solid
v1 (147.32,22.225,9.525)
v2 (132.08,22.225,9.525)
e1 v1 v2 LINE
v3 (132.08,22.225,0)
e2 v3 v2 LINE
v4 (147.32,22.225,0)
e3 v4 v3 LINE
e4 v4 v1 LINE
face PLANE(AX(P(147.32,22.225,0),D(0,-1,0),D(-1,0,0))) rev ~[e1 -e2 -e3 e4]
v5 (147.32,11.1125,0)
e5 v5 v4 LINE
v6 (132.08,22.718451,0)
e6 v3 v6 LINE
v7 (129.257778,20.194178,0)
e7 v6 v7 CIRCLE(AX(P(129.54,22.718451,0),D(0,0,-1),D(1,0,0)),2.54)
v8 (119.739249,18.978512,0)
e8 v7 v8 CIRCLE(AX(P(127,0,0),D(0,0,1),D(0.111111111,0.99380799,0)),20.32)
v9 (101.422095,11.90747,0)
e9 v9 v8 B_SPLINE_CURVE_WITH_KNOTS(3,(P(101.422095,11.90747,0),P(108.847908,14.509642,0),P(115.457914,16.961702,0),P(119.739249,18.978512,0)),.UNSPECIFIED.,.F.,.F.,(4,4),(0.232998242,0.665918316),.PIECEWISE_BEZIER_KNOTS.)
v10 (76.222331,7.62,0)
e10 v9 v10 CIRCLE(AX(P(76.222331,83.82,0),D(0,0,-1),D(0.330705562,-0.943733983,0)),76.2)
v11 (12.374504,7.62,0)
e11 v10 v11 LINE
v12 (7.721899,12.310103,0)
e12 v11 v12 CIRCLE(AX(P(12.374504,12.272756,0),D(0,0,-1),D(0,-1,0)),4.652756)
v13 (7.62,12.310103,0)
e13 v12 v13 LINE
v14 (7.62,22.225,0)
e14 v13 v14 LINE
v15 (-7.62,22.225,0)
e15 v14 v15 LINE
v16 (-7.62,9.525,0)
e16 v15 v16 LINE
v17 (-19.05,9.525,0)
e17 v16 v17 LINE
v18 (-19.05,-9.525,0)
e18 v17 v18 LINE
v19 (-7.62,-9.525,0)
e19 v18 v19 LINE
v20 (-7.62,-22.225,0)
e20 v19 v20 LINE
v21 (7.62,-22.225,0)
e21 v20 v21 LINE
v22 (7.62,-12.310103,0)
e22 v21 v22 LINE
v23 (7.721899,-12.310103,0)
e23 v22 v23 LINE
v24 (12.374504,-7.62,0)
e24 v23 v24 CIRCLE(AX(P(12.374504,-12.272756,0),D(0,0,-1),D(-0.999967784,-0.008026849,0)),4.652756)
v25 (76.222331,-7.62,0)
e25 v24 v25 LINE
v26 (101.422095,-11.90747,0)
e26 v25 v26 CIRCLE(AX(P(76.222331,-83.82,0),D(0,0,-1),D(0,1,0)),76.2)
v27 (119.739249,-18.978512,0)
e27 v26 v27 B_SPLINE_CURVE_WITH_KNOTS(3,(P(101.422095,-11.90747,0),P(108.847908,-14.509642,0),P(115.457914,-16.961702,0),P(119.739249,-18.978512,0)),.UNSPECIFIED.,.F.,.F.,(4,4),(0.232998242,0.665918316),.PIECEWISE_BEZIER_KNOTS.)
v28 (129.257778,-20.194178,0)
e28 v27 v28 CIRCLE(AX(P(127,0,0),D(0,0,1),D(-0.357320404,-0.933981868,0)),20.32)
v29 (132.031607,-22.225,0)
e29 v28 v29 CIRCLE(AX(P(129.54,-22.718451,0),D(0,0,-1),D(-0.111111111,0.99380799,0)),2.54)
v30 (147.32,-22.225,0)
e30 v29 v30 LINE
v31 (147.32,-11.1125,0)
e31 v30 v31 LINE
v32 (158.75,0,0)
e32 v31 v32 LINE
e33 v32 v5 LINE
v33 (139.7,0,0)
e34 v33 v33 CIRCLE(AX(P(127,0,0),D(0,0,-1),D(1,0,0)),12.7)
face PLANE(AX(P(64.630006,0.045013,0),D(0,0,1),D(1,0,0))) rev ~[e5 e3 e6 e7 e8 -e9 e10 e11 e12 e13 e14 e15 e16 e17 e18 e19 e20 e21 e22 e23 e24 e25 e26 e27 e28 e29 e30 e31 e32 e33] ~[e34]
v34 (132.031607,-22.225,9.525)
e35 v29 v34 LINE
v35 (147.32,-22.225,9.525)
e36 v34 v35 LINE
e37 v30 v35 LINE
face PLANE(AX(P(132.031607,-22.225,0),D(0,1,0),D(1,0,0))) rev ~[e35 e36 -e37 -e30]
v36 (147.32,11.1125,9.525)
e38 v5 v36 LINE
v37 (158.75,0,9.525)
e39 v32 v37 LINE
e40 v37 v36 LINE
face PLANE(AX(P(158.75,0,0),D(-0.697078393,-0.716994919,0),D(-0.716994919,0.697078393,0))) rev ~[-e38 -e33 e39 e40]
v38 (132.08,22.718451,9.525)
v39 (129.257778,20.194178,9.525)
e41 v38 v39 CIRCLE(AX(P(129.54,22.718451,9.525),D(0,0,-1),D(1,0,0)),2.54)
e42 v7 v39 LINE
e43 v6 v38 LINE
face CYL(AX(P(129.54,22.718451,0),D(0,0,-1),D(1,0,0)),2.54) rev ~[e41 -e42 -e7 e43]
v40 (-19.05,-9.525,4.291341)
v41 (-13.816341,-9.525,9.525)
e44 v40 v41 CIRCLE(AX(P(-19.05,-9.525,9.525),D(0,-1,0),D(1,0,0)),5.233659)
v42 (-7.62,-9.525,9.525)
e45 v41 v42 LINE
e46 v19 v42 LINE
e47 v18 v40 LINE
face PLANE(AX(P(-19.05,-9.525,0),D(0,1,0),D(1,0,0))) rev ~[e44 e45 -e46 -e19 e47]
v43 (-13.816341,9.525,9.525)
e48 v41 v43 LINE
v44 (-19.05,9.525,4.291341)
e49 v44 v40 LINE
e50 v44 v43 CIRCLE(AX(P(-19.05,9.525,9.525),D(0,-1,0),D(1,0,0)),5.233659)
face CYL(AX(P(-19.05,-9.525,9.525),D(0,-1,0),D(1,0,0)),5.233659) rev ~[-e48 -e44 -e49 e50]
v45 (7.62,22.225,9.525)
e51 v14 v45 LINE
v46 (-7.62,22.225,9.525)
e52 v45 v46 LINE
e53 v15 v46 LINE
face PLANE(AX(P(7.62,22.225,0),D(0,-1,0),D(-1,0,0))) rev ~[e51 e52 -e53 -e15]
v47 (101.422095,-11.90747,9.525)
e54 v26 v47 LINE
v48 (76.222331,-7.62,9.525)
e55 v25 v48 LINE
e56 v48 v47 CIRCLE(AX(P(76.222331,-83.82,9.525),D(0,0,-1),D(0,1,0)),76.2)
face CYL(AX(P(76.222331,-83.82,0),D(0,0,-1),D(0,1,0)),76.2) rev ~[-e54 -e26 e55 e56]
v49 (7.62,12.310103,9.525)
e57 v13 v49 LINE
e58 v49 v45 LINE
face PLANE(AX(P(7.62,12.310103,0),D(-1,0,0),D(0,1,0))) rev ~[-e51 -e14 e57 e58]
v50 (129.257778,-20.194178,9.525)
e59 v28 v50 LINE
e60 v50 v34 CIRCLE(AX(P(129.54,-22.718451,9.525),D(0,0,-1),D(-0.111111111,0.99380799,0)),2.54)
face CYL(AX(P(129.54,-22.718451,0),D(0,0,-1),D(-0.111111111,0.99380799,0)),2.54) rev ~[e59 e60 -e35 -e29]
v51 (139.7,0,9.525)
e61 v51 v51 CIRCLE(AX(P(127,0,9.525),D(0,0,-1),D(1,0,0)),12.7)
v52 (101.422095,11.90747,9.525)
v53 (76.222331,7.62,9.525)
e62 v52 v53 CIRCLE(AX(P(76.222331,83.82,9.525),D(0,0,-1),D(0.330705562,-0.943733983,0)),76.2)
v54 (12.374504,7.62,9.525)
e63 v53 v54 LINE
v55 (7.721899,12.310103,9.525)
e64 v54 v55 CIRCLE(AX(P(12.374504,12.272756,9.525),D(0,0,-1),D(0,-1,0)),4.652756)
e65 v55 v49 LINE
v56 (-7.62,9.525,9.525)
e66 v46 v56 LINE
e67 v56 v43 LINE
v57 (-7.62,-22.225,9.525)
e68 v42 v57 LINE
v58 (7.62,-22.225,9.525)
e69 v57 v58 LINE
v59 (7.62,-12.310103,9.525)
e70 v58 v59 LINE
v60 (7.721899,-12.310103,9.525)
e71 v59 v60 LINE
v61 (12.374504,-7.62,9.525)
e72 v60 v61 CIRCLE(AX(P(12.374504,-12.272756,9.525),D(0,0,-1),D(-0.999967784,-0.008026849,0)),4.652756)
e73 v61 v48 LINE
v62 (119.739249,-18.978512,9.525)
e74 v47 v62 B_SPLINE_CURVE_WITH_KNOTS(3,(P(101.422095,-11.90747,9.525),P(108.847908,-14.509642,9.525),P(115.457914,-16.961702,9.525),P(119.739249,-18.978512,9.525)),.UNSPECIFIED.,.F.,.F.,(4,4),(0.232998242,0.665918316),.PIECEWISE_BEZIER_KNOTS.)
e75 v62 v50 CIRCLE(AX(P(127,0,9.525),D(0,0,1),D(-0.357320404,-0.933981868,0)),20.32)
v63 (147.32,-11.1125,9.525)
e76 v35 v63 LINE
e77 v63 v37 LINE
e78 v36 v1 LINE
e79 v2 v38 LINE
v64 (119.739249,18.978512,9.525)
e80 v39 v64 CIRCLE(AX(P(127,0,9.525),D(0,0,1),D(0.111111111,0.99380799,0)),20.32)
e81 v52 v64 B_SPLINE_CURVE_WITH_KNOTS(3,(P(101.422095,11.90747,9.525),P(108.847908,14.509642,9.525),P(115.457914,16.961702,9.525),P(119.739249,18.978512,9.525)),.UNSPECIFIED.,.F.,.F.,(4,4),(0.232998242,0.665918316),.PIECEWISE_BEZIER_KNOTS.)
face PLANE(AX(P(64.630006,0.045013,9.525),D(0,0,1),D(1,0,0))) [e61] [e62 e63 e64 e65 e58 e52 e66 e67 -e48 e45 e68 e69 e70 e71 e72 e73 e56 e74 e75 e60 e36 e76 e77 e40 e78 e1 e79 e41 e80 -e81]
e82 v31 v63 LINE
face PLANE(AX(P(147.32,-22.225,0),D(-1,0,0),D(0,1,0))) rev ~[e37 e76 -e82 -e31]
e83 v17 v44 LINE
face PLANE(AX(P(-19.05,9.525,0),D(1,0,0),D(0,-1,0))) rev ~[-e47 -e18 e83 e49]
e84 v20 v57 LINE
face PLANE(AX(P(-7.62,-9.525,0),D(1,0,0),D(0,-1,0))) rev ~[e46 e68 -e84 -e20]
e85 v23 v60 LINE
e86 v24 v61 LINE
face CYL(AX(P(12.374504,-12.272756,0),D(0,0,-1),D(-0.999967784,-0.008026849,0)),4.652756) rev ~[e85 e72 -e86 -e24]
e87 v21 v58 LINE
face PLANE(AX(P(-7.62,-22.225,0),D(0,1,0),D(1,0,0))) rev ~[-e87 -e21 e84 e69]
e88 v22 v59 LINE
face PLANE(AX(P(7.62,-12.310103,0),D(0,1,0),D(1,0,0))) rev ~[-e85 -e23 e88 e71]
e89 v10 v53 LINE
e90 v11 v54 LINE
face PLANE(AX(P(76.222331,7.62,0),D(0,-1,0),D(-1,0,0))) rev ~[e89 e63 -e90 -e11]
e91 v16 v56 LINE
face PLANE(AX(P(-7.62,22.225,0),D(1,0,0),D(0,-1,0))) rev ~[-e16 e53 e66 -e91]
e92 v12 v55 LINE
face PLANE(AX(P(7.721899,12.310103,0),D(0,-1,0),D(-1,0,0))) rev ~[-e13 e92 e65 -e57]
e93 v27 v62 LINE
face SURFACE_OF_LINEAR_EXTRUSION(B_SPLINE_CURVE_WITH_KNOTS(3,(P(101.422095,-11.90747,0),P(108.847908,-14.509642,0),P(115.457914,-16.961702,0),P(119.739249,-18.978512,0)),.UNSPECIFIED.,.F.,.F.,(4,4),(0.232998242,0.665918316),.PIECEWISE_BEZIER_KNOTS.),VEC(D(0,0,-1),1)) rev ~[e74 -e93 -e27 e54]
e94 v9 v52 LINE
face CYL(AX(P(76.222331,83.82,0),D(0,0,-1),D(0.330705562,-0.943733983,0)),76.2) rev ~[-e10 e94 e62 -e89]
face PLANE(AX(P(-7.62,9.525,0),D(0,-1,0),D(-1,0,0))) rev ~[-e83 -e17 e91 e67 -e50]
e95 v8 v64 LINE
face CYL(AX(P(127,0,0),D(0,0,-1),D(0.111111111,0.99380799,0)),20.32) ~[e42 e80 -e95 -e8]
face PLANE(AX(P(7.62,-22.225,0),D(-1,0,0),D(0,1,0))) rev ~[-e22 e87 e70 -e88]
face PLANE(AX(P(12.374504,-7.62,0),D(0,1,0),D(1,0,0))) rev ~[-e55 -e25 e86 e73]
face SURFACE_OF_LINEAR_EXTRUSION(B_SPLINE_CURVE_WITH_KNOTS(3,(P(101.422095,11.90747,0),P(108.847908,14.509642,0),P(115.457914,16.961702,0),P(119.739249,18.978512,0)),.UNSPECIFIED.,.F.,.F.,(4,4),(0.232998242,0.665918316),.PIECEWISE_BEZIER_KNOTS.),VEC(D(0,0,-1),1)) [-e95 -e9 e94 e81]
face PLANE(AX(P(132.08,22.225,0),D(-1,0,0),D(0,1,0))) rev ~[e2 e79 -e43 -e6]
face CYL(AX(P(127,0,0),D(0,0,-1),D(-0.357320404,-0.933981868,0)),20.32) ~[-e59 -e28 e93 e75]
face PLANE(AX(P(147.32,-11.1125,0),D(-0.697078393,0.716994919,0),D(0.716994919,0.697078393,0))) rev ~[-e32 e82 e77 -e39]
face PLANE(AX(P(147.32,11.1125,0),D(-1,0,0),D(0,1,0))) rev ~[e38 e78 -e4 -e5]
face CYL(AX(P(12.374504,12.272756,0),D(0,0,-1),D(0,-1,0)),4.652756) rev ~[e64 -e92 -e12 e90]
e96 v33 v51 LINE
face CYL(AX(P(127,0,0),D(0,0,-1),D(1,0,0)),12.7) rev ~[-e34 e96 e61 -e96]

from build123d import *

# Parameters (mm, degrees)
F1_DEPTH = 9.525
F2_R     = 5.2336589489
F3_DEPTH = 25.4


with BuildPart() as f1:
    # F0 (on Top) → F1 (new body)
    with BuildSketch(Plane.XY):
        with BuildLine():
            Line((7.7218987456, 12.310102582), (7.62, 12.310102582))
            Line((7.62, 12.310102582), (7.62, 22.225))
            Line((7.62, 22.225), (-7.62, 22.225))
            Line((-7.62, 22.225), (-7.62, 9.525))
            Line((-7.62, 9.525), (-19.05, 9.525))
            Line((-19.05, 9.525), (-19.05, 0))
            Line((-19.05, 0), (-19.05, -9.525))
            Line((-19.05, -9.525), (-7.62, -9.525))
            Line((-7.62, -9.525), (-7.62, -22.225))
            Line((-7.62, -22.225), (7.62, -22.225))
            Line((7.62, -22.225), (7.62, -12.310102582))
            Line((7.62, -12.310102582), (7.7218987456, -12.310102582))
            ThreePointArc((7.7218987456, -12.310102582), (9.0713316669, -8.995991319), (12.3745044693, -7.62))
            Line((12.3745044693, -7.62), (76.2223307455, -7.62))
            ThreePointArc((76.2223307455, -7.62), (89.0032784798, -8.6995142786), (101.4220945716, -11.907470472))
            add(Edge.make_bspline(
                [(101.4220945716, -11.907470472), (108.8479078103, -14.5096420416), (115.4579135782, -16.9617020129), (119.7392494006, -18.9785115521)],
                knots=[0.2329982419, 0.2329982419, 0.2329982419, 0.2329982419, 0.665918316, 0.665918316, 0.665918316, 0.665918316], degree=3))
            ThreePointArc((119.7392494006, -18.9785115521), (124.4257242361, -20.1562770444), (129.2577777778, -20.1941783568))
            ThreePointArc((129.2577777778, -20.1941783568), (131.0404681386, -20.6690128346), (132.0316072031, -22.225))
            Line((132.0316072031, -22.225), (147.32, -22.225))
            Line((147.32, -22.225), (147.32, -11.1125))
            Line((147.32, -11.1125), (158.75, 0))
            Line((158.75, 0), (147.32, 11.1125))
            Line((147.32, 11.1125), (147.32, 22.225))
            Line((147.32, 22.225), (132.08, 22.225))
            Line((132.08, 22.225), (132.08, 22.7184506514))
            ThreePointArc((132.08, 22.7184506514), (131.2333333333, 20.8252464304), (129.2577777778, 20.1941783568))
            ThreePointArc((129.2577777778, 20.1941783568), (124.4257242361, 20.1562770444), (119.7392494006, 18.9785115521))
            add(Edge.make_bspline(
                [(101.4220945716, 11.907470472), (108.8479078103, 14.5096420416), (115.4579135782, 16.9617020129), (119.7392494006, 18.9785115521)],
                knots=[0.2329982419, 0.2329982419, 0.2329982419, 0.2329982419, 0.665918316, 0.665918316, 0.665918316, 0.665918316], degree=3))
            ThreePointArc((101.4220945716, 11.907470472), (89.0032784798, 8.6995142786), (76.2223307455, 7.62))
            Line((76.2223307455, 7.62), (12.3745044693, 7.62))
            ThreePointArc((12.3745044693, 7.62), (9.0713316669, 8.995991319), (7.7218987456, 12.310102582))
        make_face()
        with BuildLine():
            ThreePointArc((114.3, 0), (127, 12.7), (139.7, 0))
            ThreePointArc((139.7, 0), (127, -12.7), (114.3, 0))
        make_face(mode=Mode.SUBTRACT)
    extrude(amount=F1_DEPTH)

    # F2 (on face) → F3 (cut)
    with BuildSketch(Plane.XZ.offset(9.525)):
        with Locations((-19.05, 9.525)):
            Circle(F2_R)
    extrude(amount=-F3_DEPTH, mode=Mode.SUBTRACT)


solid = f1.part
